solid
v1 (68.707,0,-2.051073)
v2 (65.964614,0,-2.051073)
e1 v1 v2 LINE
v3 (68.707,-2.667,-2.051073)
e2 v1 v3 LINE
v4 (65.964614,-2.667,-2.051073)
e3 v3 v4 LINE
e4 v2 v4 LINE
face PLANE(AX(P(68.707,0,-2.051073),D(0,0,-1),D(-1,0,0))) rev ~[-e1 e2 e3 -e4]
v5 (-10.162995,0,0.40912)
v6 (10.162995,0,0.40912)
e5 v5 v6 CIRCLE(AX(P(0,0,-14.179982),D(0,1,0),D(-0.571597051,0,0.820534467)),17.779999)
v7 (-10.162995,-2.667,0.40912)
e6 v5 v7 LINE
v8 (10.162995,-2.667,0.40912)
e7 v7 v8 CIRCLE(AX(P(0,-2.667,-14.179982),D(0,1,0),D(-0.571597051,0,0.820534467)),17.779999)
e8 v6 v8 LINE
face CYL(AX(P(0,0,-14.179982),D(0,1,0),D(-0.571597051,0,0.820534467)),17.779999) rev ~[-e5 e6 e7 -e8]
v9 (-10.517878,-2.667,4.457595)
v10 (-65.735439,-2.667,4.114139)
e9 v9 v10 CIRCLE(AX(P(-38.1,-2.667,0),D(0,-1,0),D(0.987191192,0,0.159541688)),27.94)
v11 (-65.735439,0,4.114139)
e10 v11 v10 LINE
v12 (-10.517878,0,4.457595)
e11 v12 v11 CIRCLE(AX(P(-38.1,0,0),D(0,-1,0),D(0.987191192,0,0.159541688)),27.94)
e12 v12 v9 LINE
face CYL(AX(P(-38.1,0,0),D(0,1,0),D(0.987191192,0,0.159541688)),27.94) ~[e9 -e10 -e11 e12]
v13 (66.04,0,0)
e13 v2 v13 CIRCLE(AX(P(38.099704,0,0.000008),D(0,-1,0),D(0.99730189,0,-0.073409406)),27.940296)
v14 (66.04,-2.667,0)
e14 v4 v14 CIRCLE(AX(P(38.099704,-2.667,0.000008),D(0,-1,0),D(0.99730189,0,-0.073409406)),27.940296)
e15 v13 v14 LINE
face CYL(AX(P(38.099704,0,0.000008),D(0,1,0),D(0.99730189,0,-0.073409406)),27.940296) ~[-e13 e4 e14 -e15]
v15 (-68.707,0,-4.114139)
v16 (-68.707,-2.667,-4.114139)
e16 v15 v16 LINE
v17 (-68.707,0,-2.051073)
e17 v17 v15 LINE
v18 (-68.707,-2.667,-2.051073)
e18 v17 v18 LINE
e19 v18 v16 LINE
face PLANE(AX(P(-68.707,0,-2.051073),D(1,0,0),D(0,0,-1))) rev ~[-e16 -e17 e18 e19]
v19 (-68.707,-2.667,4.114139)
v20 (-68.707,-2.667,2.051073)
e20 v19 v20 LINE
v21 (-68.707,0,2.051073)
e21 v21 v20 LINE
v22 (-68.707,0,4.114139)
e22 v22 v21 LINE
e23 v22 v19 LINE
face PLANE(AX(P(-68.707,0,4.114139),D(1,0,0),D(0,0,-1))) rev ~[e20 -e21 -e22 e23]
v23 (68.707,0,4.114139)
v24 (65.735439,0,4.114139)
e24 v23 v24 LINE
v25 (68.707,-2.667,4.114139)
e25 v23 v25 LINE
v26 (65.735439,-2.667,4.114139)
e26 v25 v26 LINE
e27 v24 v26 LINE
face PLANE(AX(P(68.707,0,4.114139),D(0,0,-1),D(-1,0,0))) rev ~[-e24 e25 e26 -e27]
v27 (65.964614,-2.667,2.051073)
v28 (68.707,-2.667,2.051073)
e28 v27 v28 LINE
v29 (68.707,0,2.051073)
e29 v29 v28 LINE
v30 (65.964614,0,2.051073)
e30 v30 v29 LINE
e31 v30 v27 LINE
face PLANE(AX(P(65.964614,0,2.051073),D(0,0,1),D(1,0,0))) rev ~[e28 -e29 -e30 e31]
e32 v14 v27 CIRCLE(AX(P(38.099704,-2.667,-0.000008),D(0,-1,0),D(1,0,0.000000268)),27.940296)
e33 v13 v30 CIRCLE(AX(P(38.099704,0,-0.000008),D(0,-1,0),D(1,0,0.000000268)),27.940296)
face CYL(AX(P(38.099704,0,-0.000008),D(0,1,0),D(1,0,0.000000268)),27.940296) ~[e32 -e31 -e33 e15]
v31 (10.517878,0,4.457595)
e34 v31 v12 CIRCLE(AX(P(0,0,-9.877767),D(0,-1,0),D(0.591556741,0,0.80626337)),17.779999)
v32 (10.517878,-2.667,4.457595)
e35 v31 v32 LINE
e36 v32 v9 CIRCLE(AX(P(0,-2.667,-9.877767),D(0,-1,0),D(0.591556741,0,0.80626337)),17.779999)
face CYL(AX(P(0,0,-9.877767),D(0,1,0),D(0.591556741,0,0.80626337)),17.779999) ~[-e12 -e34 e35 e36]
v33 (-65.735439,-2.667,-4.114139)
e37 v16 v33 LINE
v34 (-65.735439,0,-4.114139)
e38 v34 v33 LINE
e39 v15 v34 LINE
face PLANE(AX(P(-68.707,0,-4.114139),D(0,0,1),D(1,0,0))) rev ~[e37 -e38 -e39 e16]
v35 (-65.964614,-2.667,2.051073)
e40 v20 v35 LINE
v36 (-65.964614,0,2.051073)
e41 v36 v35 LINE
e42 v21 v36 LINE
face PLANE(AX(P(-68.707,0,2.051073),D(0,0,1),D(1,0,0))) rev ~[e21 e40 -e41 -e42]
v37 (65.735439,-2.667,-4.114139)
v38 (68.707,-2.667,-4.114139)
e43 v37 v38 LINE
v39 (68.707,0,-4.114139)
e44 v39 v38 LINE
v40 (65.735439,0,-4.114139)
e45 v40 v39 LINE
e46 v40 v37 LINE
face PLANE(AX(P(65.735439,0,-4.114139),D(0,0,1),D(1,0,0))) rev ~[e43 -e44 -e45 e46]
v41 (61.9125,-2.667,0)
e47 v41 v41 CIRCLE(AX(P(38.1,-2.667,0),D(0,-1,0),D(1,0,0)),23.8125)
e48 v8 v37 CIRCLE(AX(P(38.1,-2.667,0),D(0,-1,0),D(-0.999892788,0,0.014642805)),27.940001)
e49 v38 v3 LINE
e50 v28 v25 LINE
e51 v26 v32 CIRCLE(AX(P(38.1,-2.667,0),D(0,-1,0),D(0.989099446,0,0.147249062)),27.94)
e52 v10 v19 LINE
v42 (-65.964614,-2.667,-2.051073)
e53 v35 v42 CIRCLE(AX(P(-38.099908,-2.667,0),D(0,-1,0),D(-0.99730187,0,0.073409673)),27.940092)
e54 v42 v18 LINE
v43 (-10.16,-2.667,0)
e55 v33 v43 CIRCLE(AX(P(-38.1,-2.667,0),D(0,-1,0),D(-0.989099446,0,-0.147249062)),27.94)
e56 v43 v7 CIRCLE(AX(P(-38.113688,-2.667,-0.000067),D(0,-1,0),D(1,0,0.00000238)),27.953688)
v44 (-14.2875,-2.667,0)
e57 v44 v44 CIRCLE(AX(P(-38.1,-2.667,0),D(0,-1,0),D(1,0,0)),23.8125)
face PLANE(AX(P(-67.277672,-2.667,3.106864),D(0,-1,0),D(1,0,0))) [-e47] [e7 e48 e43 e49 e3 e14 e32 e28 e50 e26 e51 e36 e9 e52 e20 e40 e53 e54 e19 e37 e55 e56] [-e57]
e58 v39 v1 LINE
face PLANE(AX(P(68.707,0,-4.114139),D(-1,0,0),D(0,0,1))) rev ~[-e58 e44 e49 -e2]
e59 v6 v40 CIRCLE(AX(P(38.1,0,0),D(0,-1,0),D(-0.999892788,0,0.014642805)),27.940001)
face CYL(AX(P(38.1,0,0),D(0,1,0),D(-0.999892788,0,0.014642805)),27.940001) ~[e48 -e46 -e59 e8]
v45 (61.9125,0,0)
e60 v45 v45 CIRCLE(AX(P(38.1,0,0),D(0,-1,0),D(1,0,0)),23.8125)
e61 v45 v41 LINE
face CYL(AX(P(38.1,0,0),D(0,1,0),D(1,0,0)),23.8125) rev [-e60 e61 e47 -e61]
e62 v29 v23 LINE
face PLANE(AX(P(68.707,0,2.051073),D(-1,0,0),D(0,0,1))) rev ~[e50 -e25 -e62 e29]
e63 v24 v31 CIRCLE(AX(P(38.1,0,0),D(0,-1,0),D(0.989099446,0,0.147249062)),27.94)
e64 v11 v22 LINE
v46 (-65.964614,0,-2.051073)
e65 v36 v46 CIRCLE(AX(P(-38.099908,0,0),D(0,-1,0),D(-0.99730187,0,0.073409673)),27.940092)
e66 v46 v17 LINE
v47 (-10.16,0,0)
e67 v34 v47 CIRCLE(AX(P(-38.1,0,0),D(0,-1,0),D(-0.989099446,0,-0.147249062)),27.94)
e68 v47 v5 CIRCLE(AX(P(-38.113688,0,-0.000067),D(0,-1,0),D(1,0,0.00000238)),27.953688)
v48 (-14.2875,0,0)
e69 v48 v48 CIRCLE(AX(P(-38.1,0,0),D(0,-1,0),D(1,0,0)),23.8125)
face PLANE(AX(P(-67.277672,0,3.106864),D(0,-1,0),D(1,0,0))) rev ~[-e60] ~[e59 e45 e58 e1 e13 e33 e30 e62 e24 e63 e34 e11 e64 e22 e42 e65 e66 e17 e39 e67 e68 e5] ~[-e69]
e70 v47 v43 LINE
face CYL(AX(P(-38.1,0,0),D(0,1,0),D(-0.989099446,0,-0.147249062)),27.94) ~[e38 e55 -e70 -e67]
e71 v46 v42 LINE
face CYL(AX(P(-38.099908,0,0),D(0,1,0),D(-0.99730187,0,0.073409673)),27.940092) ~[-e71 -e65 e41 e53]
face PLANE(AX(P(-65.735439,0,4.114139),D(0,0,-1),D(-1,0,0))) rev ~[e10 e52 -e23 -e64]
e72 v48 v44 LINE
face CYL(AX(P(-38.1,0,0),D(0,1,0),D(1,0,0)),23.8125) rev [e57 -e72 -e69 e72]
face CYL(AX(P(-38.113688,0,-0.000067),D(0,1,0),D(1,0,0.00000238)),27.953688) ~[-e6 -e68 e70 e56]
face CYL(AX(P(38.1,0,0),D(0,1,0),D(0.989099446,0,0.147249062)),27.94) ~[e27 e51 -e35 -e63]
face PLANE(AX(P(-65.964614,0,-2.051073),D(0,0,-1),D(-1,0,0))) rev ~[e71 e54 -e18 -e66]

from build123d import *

# Parameters (mm, degrees)
F0_R     = 23.8125
F1_DEPTH = 2.667


with BuildPart() as f1:
    # F0 (on Front) → F1 (new body)
    with BuildSketch(Plane.XZ):
        with BuildLine():
            ThreePointArc((-65.964614, 2.051073), (-65.869192, 3.084735), (-65.735439, 4.114139))
            Line((-65.735439, 4.114139), (-68.707, 4.114139))
            Line((-68.707, 4.114139), (-68.707, 2.051073))
            Line((-68.707, 2.051073), (-65.964614, 2.051073))
        make_face()
        with BuildLine():
            ThreePointArc((-65.735439, -4.114139), (-36.037302, -27.863756), (-10.16, 0))
            ThreePointArc((-10.16, 0), (-10.160749, 0.204565), (-10.162995, 0.40912))
            ThreePointArc((-10.162995, 0.40912), (-10.266731, 2.439818), (-10.517878, 4.457595))
            ThreePointArc((-10.517878, 4.457595), (-38.273785, 27.93946), (-65.735439, 4.114139))
            ThreePointArc((-65.735439, 4.114139), (-65.869192, 3.084735), (-65.964614, 2.051073))
            ThreePointArc((-65.964614, 2.051073), (-66.04, 0), (-65.964614, -2.051073))
            ThreePointArc((-65.964614, -2.051073), (-65.869192, -3.084735), (-65.735439, -4.114139))
        make_face()
        with Locations((-38.1, 0)):
            Circle(F0_R, mode=Mode.SUBTRACT)
        with BuildLine():
            Line((-68.707, -4.114139), (-65.735439, -4.114139))
            ThreePointArc((-65.735439, -4.114139), (-65.869192, -3.084735), (-65.964614, -2.051073))
            Line((-65.964614, -2.051073), (-68.707, -2.051073))
            Line((-68.707, -2.051073), (-68.707, -4.114139))
        make_face()
        with BuildLine():
            ThreePointArc((-10.517878, 4.457595), (-10.266731, 2.439818), (-10.162995, 0.40912))
            ThreePointArc((-10.162995, 0.40912), (0, 3.600017), (10.162995, 0.40912))
            ThreePointArc((10.162995, 0.40912), (10.266731, 2.439818), (10.517878, 4.457595))
            ThreePointArc((10.517878, 4.457595), (0, 7.902232), (-10.517878, 4.457595))
        make_face()
        with BuildLine():
            ThreePointArc((10.517878, 4.457595), (10.266731, 2.439818), (10.162995, 0.40912))
            ThreePointArc((10.162995, 0.40912), (35.83335, -27.847907), (65.735439, -4.114139))
            ThreePointArc((65.735439, -4.114139), (65.869192, -3.084735), (65.964614, -2.051073))
            ThreePointArc((65.964614, -2.051073), (66.021147, -1.026229), (66.04, 0))
            ThreePointArc((66.04, 0), (66.021147, 1.026229), (65.964614, 2.051073))
            ThreePointArc((65.964614, 2.051073), (65.869192, 3.084735), (65.735439, 4.114139))
            ThreePointArc((65.735439, 4.114139), (38.273785, 27.93946), (10.517878, 4.457595))
        make_face()
        with Locations((38.1, 0)):
            Circle(F0_R, mode=Mode.SUBTRACT)
        with BuildLine():
            ThreePointArc((65.964614, -2.051073), (65.869192, -3.084735), (65.735439, -4.114139))
            Line((65.735439, -4.114139), (68.707, -4.114139))
            Line((68.707, -4.114139), (68.707, -2.051073))
            Line((68.707, -2.051073), (65.964614, -2.051073))
        make_face()
        with BuildLine():
            Line((68.707, 4.114139), (65.735439, 4.114139))
            ThreePointArc((65.735439, 4.114139), (65.869192, 3.084735), (65.964614, 2.051073))
            Line((65.964614, 2.051073), (68.707, 2.051073))
            Line((68.707, 2.051073), (68.707, 4.114139))
        make_face()
    extrude(amount=F1_DEPTH)


solid = f1.part
